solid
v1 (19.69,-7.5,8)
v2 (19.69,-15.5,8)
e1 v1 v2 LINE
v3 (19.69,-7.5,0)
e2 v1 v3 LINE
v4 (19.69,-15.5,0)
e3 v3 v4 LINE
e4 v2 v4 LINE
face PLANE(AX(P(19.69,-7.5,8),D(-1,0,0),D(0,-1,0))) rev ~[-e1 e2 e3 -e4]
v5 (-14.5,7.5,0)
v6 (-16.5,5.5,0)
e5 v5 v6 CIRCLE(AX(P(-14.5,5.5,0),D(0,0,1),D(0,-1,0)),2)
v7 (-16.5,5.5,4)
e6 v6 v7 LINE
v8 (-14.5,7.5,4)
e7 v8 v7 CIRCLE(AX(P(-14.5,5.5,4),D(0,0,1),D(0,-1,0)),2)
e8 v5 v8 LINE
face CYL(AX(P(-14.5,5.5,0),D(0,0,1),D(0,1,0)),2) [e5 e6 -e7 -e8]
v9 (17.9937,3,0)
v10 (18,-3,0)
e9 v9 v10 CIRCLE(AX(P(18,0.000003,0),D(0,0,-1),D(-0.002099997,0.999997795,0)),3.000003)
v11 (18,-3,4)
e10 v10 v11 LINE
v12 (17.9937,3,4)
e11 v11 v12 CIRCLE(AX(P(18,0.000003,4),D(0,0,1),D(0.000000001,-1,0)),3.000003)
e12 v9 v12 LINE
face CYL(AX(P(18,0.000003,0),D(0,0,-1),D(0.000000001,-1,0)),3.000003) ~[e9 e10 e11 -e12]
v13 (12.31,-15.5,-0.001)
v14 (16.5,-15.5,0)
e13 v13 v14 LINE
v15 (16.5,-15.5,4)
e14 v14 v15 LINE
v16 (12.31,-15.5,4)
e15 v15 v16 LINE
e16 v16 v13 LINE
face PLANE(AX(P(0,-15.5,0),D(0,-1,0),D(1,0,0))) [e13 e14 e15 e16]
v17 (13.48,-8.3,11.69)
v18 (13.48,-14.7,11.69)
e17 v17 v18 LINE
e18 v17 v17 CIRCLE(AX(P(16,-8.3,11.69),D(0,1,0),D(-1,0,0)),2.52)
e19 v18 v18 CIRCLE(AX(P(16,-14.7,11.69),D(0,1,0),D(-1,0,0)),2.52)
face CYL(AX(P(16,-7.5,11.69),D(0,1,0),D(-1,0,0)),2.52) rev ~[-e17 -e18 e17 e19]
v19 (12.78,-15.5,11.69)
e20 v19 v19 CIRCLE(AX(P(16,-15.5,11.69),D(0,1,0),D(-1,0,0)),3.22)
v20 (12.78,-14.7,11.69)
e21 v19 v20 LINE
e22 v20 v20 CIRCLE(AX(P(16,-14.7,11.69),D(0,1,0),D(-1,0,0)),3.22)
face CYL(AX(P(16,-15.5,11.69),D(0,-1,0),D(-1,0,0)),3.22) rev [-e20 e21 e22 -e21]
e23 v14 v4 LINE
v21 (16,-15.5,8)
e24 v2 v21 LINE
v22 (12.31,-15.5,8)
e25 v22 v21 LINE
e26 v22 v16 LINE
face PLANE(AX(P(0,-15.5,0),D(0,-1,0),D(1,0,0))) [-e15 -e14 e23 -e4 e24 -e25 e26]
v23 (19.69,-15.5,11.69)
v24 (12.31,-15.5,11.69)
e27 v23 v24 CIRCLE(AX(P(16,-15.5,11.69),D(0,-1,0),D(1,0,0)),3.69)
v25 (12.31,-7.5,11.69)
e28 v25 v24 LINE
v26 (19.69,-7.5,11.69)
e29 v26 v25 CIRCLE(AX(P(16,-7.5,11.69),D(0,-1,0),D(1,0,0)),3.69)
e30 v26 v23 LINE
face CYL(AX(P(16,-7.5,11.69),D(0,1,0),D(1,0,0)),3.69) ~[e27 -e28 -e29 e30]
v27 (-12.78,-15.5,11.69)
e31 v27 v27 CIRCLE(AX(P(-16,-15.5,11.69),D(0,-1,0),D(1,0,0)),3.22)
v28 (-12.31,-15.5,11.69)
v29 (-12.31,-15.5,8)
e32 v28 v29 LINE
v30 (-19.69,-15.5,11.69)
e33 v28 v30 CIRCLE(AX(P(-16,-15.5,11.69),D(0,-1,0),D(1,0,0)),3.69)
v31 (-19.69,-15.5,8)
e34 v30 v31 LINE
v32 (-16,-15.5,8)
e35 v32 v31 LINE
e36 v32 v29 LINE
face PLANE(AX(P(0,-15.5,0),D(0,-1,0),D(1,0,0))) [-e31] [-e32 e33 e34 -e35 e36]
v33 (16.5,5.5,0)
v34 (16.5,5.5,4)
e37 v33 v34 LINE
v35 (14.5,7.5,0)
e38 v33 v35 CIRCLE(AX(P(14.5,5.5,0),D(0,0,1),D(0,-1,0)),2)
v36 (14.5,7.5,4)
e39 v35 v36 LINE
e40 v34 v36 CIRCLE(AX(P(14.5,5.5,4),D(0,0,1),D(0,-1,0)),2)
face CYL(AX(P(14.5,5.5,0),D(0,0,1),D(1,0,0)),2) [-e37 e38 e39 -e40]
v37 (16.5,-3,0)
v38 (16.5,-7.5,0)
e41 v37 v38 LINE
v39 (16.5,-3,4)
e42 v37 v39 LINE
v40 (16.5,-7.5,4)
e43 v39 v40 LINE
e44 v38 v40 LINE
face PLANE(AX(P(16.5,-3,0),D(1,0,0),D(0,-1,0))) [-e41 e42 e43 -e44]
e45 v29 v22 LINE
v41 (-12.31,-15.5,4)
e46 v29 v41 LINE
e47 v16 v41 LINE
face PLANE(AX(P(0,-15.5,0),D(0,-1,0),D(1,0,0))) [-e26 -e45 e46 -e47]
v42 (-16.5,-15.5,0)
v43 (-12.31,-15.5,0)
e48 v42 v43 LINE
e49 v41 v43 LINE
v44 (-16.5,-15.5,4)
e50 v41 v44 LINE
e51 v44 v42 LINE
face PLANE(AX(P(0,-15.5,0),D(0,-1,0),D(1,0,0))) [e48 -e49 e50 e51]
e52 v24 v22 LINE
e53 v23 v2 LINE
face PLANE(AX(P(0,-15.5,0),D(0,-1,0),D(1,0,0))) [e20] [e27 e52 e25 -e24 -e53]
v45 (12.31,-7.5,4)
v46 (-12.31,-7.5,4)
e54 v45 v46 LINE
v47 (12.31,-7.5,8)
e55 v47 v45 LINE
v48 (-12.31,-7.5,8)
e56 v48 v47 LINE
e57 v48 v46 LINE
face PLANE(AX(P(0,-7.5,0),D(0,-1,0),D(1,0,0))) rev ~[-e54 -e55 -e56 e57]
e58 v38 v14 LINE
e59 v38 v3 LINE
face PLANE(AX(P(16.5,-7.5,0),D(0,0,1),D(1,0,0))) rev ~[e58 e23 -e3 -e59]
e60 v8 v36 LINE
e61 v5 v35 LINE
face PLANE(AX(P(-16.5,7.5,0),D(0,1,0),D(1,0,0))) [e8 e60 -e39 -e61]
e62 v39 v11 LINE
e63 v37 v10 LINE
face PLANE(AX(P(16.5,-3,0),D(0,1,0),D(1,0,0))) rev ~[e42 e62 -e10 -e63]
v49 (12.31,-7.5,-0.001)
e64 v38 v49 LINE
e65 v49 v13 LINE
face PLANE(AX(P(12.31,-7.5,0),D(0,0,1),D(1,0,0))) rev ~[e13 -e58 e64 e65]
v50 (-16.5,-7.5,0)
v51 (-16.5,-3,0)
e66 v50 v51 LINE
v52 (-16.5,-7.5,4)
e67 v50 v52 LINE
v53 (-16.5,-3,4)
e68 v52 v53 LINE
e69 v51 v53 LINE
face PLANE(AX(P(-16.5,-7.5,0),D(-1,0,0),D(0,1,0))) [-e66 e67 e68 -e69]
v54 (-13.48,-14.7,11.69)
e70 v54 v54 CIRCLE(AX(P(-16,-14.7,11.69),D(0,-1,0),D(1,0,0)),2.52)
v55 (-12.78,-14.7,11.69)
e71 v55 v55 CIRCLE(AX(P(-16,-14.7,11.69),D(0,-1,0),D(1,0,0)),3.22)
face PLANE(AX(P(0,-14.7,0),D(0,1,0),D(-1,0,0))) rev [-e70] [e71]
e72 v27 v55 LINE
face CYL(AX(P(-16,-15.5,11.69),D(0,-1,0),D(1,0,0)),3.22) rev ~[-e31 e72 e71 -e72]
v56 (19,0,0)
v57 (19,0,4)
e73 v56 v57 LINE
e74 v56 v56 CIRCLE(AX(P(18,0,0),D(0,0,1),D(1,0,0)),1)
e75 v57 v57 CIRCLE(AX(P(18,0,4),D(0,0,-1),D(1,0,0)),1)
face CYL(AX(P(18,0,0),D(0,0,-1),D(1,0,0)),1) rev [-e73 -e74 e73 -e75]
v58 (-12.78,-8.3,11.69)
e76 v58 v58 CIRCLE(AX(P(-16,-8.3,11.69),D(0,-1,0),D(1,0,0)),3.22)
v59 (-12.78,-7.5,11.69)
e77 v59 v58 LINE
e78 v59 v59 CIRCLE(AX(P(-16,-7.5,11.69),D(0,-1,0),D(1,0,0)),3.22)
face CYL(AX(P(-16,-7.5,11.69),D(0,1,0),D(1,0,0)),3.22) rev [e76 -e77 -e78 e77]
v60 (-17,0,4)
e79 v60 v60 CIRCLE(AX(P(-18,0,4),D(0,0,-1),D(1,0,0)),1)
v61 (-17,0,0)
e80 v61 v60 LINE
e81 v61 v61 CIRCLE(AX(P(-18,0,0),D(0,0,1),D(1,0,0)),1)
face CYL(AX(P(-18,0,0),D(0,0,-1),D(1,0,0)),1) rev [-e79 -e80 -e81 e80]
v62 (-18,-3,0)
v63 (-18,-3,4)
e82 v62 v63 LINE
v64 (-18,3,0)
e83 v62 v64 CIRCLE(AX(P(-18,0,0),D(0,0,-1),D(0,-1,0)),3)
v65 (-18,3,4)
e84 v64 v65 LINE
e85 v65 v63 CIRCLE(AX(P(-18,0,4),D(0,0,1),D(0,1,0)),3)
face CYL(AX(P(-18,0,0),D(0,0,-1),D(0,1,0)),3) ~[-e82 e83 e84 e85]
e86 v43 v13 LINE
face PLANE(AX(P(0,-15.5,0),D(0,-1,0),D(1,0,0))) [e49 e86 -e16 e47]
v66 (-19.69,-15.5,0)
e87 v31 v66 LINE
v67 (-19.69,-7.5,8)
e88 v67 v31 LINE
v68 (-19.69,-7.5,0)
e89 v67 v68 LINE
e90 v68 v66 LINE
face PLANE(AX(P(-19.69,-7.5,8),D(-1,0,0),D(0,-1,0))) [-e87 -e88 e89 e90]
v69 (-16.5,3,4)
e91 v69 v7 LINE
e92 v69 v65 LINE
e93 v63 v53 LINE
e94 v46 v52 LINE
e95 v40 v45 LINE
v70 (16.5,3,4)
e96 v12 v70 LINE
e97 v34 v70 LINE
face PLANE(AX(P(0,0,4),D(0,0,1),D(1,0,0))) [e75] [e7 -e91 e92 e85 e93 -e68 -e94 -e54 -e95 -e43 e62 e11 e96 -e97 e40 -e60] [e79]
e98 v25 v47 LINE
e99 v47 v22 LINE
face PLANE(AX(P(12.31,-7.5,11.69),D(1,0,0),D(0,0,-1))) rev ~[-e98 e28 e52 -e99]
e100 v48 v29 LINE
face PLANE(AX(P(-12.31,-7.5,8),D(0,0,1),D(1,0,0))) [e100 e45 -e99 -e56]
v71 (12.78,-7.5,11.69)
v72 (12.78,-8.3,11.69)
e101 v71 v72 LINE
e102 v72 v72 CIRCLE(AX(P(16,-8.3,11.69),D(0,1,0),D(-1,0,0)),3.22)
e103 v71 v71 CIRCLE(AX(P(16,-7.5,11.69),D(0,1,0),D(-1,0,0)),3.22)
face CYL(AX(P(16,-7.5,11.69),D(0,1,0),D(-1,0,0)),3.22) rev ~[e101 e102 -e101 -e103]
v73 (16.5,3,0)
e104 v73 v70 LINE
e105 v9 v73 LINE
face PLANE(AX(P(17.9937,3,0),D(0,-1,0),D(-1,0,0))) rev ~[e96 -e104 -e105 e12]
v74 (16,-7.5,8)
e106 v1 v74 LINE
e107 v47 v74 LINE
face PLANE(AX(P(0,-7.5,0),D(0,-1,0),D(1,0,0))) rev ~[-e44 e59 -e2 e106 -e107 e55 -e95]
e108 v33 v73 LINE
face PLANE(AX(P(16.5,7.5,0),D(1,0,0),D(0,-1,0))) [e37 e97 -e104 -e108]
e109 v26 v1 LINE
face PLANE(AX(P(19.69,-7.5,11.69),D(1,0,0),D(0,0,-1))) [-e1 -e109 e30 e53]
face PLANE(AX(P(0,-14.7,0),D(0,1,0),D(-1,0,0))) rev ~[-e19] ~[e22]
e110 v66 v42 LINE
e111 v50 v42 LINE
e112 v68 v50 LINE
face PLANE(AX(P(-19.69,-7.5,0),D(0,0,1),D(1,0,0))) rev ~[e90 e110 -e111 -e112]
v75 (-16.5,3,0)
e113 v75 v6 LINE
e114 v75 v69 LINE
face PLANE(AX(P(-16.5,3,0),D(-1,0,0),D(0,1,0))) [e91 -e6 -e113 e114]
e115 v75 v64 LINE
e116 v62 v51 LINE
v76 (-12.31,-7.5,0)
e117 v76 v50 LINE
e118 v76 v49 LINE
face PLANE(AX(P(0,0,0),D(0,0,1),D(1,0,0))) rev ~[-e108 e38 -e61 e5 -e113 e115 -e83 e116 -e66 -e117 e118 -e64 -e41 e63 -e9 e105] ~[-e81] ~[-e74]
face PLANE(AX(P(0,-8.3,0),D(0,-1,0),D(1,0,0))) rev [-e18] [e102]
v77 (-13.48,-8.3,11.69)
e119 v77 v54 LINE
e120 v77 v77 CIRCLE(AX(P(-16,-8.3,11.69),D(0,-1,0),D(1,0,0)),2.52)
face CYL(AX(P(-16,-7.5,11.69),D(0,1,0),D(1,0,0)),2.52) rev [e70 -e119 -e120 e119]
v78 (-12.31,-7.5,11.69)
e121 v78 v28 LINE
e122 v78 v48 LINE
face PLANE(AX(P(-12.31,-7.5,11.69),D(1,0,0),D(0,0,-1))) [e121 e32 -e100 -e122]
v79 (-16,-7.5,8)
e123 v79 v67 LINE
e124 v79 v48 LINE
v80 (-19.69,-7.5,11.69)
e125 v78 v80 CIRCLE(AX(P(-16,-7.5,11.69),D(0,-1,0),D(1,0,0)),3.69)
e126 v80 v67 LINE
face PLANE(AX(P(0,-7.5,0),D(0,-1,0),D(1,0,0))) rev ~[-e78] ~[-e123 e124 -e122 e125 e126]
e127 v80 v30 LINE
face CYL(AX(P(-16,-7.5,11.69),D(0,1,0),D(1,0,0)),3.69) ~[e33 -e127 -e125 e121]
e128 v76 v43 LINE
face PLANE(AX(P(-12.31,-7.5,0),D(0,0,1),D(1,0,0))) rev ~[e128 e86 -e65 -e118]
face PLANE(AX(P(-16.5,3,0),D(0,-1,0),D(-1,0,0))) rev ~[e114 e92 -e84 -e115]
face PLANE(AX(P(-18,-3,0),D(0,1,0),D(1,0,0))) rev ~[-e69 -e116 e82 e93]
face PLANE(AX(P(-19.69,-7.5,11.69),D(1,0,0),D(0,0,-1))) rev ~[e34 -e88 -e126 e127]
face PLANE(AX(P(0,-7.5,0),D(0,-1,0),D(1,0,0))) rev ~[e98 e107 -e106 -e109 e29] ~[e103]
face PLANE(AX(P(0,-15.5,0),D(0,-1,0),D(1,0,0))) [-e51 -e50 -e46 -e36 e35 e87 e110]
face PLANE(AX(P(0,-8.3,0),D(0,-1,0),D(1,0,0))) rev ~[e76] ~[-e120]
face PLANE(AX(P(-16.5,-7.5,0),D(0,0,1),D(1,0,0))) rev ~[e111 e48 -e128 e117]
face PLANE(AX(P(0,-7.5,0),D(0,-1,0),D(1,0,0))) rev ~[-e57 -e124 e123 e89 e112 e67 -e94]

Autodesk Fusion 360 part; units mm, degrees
sketch "Sketch1" plane through (0, 0, 0) normal (0, 0, 1) x (1, 0, 0) in component "Component"
  line L0 (16.5, -7.5) -> (-16.5, -7.5)
  line L1 (-16.5, -7.5) -> (-16.5, 7.5)
  line L2 (-16.5, 7.5) -> (16.5, 7.5)
  line L3 (16.5, 7.5) -> (16.5, -7.5)
  line L4 (16.5, -7.5) -> (-16.5, 7.5) construction
  line L5 (-16.5, -7.5) -> (16.5, 7.5) construction
  line L6 (-18, 0) -> (18, 0) construction
  circle A0 centre (-18, 0) radius 1
  circle A1 centre (-18, 0) radius 1.5 construction
  circle A2 centre (18, 0) radius 1
  circle A3 centre (18, 0) radius 1.5 construction
  line L7 (-18, -3) -> (18, -3)
  arc A4 (18, -3) -> (17.9937, 3) centre (18, 0) ccw
  line L8 (17.9937, 3) -> (-18, 3)
  arc A5 (-18, 3) -> (-18, -3) centre (-18, 0) ccw
  line L9 (-18, 0) -> (18, 0) construction
  line L10 (21, 0.0031) -> (-21, 0)
  dimension "d1" = 33
  dimension "d2" = 15
  dimension "d3" = 36
  dimension "d4" = 2
  dimension "d6" = 7.5
  dimension "d7" = 2
  dimension "d31" = 42
extrude "Extrude1" add sketch "Sketch1" along normal blind 4 contours L0 L1 L3 L7 | L1 L3 L7 L10 | L3 A2 L7 A4 L10 | L1 A0 L7 A5 L10 | L1 L3 L8 L10 | L3 A2 A4 L8 L10 | L1 A0 L8 A5 L10 | L1 L2 L3 L8 in component "Component"
sketch "Sketch4" plane through (0, -7.5, 0) normal (0, -1, 0) x (1, 0, 0) in component "Component"
  line L0 (-16.5, 0) -> (16.5, 0)
  line L1 (16.5, 0) -> (16.5, 4)
  line L2 (16.5, 4) -> (-16.5, 4)
  line L3 (-16.5, 4) -> (-16.5, 0)
  circle A0 centre (-16, 11.69) radius 2.52
  circle A1 centre (-16, 11.69) radius 3.22
  line L4 (-16, 8) -> (16, 8)
  arc A2 (16, 8) -> (16, 15.38) centre (16, 11.69) ccw construction
  line L5 (16, 15.38) -> (-16, 15.38) construction
  arc A3 (-16, 15.38) -> (-16, 8) centre (-16, 11.69) ccw construction
  line L6 (-16, 11.69) -> (16, 11.69) construction
  line L7 (-21, 0) -> (21, 0)
  line L8 (21, 0) -> (21, 8)
  line L9 (21, 8) -> (-21, 8)
  line L10 (-21, 8) -> (-21, 0)
  line L11 (-19.69, 11.69) -> (-19.69, 0)
  line L12 (19.69, 11.69) -> (19.69, 0)
  circle A4 centre (-16, 11.69) radius 3.69 construction
  line L13 (-12.31, 11.69) -> (-12.31, -0.0046)
  circle A5 centre (16, 11.69) radius 3.69 construction
  line L14 (12.31, 11.69) -> (12.31, -0.001)
  arc A6 (19.69, 11.69) -> (12.31, 11.69) centre (16, 11.69) ccw
  arc A7 (-12.31, 11.69) -> (-19.69, 11.69) centre (-16, 11.69) ccw
  dimension "d23" = 5.04
  dimension "d24" = 6.44
  dimension "d27" = 7.38
  dimension "d29" = 42
  dimension "d30" = 8
  dimension "d32" = 32
  dimension "d33" = 7.38
  dimension "d34" = 7.38
extrude "Extrude2" add sketch "Sketch4" along normal blind 8 contours L0 L1 L2 L7 L14 | L0 L2 L7 L13 L14 | L1 L2 L4 L7 L9 L12 L14 | L0 L2 L3 L7 L13 | L2 L4 L9 L13 L14 | L7 L8 L9 L12 | L2 L3 L4 L7 L9 L11 L13 | L4 L9 L12 L14 A6 | L7 L9 L10 L11 | L4 L9 L11 L13 A7 | A0 | A1 in component "Component"
extrude "Extrude3" cut sketch "Sketch4" along normal blind 8 contours A0 in component "Component"
extrude "Extrude4" cut sketch "Sketch4" along normal blind 0.8 contours A1 in component "Component"
ref_plane "WorkPlane1" through (-16, -11.5, 11.69) normal (0, -1, 0) x (1, 0, 0) in component "Component"
mirror "Mirror1" about plane through (-16, -11.5, 11.69) normal (0, -1, 0) of "Extrude4" in component "Component"
ref_plane "WorkPlane2" through (0, -11.5, 4) normal (1, 0, 0) x (0, 0, 1) in component "Component"
mirror "Mirror2" about plane through (0, -11.5, 4) normal (1, 0, 0) of "Extrude3", "Extrude4", "Mirror1" in component "Component"
extrude "Extrude5" cut 2 faces at (20.1267, -12.8333, 8) (-20.1267, -10.1667, 8) along direction (0, 0, -1) blind 8 in component "Component"
fillet "Fillet1" radius 2 2 edges at (-16.5, 7.5, 2) (16.5, 7.5, 2) in component "Component"
component "Component" placed x (1, 0, 0) y (0, 1, 0) z (0, 0, 1) at (0, 0, 0)
equation "d23 = 4.8 mm + 0.24 mm"
equation "d24 = 6.2 mm + 0.24 mm"
